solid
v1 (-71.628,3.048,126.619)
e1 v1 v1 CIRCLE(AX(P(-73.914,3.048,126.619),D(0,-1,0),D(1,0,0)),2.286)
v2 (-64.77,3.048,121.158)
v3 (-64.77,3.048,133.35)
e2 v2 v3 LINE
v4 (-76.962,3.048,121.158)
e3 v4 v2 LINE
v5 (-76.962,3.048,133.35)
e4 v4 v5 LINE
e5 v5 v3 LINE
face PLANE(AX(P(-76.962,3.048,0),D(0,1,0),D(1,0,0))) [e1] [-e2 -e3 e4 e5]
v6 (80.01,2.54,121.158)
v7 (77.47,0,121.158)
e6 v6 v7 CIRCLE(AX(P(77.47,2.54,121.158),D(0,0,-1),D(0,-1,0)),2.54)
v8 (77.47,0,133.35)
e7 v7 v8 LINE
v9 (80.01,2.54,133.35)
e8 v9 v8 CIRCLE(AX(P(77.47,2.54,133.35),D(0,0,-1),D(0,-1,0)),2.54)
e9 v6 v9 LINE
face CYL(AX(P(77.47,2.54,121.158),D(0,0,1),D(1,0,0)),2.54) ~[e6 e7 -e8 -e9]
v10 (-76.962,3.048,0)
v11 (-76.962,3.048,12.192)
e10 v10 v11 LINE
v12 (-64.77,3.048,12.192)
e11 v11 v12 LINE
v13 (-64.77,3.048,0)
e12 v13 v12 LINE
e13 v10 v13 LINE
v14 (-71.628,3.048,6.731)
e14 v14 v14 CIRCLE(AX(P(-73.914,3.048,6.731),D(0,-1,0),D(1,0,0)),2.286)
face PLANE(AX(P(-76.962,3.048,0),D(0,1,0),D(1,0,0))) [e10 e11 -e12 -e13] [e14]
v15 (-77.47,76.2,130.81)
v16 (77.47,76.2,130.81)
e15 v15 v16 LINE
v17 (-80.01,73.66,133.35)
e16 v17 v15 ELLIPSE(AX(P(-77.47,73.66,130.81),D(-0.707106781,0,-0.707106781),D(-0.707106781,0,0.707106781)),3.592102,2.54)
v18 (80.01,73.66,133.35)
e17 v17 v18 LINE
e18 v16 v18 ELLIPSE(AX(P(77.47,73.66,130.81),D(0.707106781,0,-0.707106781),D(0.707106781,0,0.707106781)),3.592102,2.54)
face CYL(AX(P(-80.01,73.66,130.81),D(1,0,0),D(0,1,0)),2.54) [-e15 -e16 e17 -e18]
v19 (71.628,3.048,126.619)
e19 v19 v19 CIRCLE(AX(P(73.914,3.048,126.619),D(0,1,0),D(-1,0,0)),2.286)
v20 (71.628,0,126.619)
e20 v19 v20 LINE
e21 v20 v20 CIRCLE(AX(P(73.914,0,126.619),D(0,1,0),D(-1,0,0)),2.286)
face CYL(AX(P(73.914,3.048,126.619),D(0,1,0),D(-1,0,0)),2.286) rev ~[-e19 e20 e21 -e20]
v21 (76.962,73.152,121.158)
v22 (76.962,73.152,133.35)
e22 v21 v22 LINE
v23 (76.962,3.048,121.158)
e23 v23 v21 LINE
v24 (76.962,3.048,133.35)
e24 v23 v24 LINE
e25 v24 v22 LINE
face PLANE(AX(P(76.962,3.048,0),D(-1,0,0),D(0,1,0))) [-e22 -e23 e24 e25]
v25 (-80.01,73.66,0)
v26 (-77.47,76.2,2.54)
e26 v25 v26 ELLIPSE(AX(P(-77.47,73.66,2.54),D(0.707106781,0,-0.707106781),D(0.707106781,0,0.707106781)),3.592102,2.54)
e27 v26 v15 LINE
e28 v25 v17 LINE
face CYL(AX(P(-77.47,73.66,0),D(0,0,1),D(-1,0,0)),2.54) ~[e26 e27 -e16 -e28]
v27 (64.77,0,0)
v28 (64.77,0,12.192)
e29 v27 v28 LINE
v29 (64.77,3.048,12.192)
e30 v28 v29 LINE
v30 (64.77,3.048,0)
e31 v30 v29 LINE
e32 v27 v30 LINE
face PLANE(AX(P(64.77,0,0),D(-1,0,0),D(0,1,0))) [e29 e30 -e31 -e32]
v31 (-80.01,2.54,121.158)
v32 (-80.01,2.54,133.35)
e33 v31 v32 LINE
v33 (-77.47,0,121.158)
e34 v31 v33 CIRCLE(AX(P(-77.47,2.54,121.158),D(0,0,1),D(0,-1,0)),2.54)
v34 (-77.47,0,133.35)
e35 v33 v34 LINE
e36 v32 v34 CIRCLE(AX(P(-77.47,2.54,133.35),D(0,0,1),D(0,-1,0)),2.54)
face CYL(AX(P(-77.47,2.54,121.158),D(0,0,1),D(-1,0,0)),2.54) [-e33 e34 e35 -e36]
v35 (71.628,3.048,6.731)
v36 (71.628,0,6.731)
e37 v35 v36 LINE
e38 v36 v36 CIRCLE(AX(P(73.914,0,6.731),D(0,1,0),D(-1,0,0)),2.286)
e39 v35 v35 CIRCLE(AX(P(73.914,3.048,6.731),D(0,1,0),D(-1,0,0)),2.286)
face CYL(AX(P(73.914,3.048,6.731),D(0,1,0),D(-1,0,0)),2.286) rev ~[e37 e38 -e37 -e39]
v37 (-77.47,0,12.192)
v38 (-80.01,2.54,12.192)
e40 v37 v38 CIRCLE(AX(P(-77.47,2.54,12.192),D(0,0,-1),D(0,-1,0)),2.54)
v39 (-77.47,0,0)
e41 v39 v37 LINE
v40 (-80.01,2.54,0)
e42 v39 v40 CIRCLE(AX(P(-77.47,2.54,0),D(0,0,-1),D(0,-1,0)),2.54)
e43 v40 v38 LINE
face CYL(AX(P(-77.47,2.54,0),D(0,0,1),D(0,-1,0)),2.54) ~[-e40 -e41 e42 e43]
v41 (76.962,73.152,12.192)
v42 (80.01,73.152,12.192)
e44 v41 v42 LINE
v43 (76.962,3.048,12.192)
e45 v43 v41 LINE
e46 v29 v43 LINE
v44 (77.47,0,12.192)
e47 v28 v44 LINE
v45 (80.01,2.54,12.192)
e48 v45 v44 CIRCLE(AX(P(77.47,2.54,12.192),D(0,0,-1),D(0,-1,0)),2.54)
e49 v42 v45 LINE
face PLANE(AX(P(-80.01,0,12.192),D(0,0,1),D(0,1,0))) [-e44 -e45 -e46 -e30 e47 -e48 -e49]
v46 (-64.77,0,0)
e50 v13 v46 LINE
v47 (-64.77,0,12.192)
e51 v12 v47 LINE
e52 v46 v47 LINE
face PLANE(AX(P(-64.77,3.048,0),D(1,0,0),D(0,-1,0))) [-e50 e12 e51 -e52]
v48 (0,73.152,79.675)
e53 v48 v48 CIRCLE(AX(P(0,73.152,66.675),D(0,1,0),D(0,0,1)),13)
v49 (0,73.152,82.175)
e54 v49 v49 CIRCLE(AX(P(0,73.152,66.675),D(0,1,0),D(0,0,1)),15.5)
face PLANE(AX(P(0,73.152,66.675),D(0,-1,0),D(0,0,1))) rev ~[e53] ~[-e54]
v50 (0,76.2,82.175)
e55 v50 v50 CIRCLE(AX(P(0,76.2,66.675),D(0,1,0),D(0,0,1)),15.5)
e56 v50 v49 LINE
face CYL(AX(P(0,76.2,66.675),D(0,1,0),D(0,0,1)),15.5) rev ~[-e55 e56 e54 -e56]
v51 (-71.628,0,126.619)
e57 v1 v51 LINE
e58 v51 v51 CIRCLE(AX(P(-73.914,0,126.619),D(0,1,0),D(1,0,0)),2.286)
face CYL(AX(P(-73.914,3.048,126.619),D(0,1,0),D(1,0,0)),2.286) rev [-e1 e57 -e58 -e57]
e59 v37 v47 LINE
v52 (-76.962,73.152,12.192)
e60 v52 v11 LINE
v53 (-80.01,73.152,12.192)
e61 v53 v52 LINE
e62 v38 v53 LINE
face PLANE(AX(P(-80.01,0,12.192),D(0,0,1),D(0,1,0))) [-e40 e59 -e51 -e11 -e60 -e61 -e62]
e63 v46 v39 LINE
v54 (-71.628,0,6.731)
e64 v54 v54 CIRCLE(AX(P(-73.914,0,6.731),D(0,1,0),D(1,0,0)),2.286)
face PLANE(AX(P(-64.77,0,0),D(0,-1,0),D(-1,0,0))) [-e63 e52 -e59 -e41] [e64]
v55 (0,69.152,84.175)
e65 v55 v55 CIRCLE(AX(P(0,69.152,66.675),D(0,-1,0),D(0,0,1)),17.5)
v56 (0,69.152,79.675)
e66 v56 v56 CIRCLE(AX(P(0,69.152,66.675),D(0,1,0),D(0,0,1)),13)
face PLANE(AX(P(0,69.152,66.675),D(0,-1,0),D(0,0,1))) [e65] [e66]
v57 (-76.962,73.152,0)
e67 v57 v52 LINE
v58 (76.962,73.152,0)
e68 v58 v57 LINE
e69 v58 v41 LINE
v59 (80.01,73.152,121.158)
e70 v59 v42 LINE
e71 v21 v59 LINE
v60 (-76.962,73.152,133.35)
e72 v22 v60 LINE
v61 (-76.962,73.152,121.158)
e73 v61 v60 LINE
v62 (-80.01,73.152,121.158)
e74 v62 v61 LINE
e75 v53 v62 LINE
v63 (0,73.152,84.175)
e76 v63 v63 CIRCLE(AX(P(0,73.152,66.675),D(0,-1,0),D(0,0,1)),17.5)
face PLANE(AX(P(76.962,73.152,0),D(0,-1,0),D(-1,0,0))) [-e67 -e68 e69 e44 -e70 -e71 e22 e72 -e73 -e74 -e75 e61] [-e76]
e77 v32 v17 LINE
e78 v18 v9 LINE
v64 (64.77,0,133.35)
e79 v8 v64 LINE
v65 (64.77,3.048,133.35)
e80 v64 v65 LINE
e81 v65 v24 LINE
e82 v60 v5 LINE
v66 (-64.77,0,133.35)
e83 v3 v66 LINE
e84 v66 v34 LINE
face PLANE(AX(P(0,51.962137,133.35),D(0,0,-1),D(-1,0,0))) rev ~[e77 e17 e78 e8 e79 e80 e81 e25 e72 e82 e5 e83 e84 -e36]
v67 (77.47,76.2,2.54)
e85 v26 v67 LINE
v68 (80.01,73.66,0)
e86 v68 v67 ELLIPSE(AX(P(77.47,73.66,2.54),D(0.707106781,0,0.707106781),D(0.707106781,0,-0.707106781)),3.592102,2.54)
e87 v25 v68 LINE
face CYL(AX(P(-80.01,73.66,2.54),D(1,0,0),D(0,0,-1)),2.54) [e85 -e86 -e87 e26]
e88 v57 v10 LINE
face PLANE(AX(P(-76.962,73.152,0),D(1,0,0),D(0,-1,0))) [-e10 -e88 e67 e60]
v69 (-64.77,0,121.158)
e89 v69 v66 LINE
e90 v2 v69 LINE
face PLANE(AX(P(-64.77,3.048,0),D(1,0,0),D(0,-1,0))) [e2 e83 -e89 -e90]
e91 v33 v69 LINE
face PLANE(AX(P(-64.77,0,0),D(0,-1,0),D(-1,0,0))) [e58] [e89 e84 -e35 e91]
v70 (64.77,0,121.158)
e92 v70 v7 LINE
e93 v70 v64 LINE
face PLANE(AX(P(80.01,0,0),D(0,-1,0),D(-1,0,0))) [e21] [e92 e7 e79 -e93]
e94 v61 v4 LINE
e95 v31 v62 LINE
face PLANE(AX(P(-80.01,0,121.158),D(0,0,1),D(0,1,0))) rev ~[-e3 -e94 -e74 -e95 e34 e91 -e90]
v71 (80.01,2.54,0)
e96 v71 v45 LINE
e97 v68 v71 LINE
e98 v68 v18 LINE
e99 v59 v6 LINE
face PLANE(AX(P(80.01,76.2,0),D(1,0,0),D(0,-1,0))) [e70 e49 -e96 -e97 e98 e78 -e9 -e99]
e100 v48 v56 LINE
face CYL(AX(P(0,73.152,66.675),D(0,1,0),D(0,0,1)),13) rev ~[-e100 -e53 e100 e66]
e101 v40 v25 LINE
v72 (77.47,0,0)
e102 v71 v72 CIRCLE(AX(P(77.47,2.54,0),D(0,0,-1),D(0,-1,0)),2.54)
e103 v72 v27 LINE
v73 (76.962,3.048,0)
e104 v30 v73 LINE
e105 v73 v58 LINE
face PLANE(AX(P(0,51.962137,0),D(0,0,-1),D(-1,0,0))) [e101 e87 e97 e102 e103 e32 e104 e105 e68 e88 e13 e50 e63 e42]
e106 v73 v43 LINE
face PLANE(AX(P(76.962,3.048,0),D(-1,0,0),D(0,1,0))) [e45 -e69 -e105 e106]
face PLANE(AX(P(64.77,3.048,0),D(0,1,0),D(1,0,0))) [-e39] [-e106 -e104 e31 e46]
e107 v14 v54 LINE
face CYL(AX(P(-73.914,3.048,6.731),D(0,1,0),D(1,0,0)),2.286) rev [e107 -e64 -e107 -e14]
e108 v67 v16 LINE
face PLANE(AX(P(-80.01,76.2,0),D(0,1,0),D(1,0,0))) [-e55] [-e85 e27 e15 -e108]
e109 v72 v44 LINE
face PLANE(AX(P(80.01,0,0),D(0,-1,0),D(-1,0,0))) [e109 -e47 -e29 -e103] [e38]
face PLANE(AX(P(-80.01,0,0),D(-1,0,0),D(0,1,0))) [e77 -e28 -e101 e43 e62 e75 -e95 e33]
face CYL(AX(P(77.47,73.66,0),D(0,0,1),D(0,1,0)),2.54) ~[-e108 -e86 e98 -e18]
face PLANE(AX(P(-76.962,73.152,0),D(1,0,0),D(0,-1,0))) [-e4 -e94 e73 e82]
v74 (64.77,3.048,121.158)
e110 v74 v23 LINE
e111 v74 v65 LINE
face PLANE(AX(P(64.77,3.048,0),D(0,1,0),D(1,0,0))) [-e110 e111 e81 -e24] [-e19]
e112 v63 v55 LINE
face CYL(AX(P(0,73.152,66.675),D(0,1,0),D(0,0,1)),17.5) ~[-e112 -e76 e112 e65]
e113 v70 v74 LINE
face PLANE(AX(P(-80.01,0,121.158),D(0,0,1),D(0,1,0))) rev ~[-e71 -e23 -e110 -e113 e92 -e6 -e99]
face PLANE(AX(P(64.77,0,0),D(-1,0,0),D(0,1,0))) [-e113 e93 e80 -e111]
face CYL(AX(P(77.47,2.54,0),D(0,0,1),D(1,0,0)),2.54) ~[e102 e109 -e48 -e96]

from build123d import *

# Parameters (mm, degrees)
BOSS_EXTRU_1_DEPTH      = 133.35
ESQUISSE3_W             = 108.966
ESQUISSE3_H             = 73.152
ENL_V_MAT_EXTRU_1_DEPTH = 222.799600766
ESQUISSE4_R             = 2.286
ENL_V_MAT_EXTRU_2_DEPTH = 172.857608804
CONG_1_R                = 2.54
CONG_2_R                = 2.54
ESQUISSE5_R             = 2.286
ENL_V_MAT_EXTRU_3_DEPTH = 172.857608804
ESQUISSE6_R             = 15.5
ENL_V_MAT_EXTRU_4_DEPTH = 174.176969023
SKETCH1_R               = 17.5
BOSS_EXTRUDE1_DEPTH     = 4
SKETCH2_R               = 13
CUT_EXTRUDE1_DEPTH      = 172.857608804


with BuildPart() as part:
    # Esquisse2 → Boss.-Extru.1 (new body)
    with BuildSketch(Plane.XY):
        Polygon((-64.77, 0), (-80.01, 0), (-80.01, 76.2), (80.01, 76.2), (80.01, 0), (64.77, 0), (64.77, 3.048), (76.962, 3.048), (76.962, 73.152), (-76.962, 73.152), (-76.962, 3.048), (-64.77, 3.048), align=None)
    extrude(amount=BOSS_EXTRU_1_DEPTH)

    # Esquisse3 → Enlèv. mat.-Extru.1 (cut, through all)
    with BuildSketch(Plane.ZY.offset(80.01)):
        with Locations((66.675, 36.576)):
            Rectangle(ESQUISSE3_W, ESQUISSE3_H)
    extrude(amount=-ENL_V_MAT_EXTRU_1_DEPTH, mode=Mode.SUBTRACT)

    # Esquisse4 → Enlèv. mat.-Extru.2 (cut, through all)
    with BuildSketch(Plane(origin=(0, 3.048, 0), x_dir=(1, 0, 0), z_dir=(0, 1, 0))):
        with Locations(Location((73.914, -6.731, 0), (0, 0, 180))):
            Circle(ESQUISSE4_R)
    enl_v_mat_extru_2 = extrude(amount=-ENL_V_MAT_EXTRU_2_DEPTH, mode=Mode.SUBTRACT)

    # Congé1
    cong_1_edges = [part.edges().sort_by_distance(p)[0] for p in [
        (-80.01, 0, 127.254),
        (80.01, 0, 127.254),
        (-80.01, 0, 6.096),
        (80.01, 0, 6.096),
    ]]
    fillet(cong_1_edges, radius=CONG_1_R)

    # Congé2
    cong_2_edges = [part.edges().sort_by_distance(p)[0] for p in [
        (0, 76.2, 0),
        (-80.01, 76.2, 66.675),
        (80.01, 76.2, 66.675),
        (0, 76.2, 133.35),
    ]]
    fillet(cong_2_edges, radius=CONG_2_R)

    # Esquisse5 → Enlèv. mat.-Extru.3 (cut, through all)
    with BuildSketch(Plane(origin=(0, 3.048, 0), x_dir=(1, 0, 0), z_dir=(0, 1, 0))):
        with Locations(Location((73.914, -126.619, 0), (0, 0, 180))):
            Circle(ESQUISSE5_R)
    enl_v_mat_extru_3 = extrude(amount=-ENL_V_MAT_EXTRU_3_DEPTH, mode=Mode.SUBTRACT)

    # Esquisse6 → Enlèv. mat.-Extru.4 (cut, through all)
    with BuildSketch(Plane(origin=(0, 76.2, 0), x_dir=(1, 0, 0), z_dir=(0, 1, 0))):
        with Locations(Location((0, -66.675, 0), (0, 0, 270))):
            Circle(ESQUISSE6_R)
    extrude(amount=-ENL_V_MAT_EXTRU_4_DEPTH, mode=Mode.SUBTRACT)

    # Symétrie1: Enlèv. mat.-Extru.3 across plane
    add(enl_v_mat_extru_3.mirror(Plane(origin=(0, 0, 0), x_dir=(0, 0, 1), z_dir=(1, 0, 0))), mode=Mode.SUBTRACT)

    # Symétrie2: Enlèv. mat.-Extru.2 across plane
    add(enl_v_mat_extru_2.mirror(Plane(origin=(0, 0, 0), x_dir=(0, 0, 1), z_dir=(1, 0, 0))), mode=Mode.SUBTRACT)

    # Sketch1 → Boss-Extrude1 (add)
    with BuildSketch(Plane.XZ.offset(-73.152)):
        with Locations(Location((0, 66.675, 0), (0, 0, 90))):
            Circle(SKETCH1_R)
    extrude(amount=BOSS_EXTRUDE1_DEPTH)

    # Sketch2 → Cut-Extrude1 (cut, through all)
    with BuildSketch(Plane(origin=(0, 73.152, 0), x_dir=(1, 0, 0), z_dir=(0, 1, 0))):
        with Locations(Location((0, -66.675, 0), (0, 0, 270))):
            Circle(SKETCH2_R)
    extrude(amount=-CUT_EXTRUDE1_DEPTH, mode=Mode.SUBTRACT)


solid = part.part
